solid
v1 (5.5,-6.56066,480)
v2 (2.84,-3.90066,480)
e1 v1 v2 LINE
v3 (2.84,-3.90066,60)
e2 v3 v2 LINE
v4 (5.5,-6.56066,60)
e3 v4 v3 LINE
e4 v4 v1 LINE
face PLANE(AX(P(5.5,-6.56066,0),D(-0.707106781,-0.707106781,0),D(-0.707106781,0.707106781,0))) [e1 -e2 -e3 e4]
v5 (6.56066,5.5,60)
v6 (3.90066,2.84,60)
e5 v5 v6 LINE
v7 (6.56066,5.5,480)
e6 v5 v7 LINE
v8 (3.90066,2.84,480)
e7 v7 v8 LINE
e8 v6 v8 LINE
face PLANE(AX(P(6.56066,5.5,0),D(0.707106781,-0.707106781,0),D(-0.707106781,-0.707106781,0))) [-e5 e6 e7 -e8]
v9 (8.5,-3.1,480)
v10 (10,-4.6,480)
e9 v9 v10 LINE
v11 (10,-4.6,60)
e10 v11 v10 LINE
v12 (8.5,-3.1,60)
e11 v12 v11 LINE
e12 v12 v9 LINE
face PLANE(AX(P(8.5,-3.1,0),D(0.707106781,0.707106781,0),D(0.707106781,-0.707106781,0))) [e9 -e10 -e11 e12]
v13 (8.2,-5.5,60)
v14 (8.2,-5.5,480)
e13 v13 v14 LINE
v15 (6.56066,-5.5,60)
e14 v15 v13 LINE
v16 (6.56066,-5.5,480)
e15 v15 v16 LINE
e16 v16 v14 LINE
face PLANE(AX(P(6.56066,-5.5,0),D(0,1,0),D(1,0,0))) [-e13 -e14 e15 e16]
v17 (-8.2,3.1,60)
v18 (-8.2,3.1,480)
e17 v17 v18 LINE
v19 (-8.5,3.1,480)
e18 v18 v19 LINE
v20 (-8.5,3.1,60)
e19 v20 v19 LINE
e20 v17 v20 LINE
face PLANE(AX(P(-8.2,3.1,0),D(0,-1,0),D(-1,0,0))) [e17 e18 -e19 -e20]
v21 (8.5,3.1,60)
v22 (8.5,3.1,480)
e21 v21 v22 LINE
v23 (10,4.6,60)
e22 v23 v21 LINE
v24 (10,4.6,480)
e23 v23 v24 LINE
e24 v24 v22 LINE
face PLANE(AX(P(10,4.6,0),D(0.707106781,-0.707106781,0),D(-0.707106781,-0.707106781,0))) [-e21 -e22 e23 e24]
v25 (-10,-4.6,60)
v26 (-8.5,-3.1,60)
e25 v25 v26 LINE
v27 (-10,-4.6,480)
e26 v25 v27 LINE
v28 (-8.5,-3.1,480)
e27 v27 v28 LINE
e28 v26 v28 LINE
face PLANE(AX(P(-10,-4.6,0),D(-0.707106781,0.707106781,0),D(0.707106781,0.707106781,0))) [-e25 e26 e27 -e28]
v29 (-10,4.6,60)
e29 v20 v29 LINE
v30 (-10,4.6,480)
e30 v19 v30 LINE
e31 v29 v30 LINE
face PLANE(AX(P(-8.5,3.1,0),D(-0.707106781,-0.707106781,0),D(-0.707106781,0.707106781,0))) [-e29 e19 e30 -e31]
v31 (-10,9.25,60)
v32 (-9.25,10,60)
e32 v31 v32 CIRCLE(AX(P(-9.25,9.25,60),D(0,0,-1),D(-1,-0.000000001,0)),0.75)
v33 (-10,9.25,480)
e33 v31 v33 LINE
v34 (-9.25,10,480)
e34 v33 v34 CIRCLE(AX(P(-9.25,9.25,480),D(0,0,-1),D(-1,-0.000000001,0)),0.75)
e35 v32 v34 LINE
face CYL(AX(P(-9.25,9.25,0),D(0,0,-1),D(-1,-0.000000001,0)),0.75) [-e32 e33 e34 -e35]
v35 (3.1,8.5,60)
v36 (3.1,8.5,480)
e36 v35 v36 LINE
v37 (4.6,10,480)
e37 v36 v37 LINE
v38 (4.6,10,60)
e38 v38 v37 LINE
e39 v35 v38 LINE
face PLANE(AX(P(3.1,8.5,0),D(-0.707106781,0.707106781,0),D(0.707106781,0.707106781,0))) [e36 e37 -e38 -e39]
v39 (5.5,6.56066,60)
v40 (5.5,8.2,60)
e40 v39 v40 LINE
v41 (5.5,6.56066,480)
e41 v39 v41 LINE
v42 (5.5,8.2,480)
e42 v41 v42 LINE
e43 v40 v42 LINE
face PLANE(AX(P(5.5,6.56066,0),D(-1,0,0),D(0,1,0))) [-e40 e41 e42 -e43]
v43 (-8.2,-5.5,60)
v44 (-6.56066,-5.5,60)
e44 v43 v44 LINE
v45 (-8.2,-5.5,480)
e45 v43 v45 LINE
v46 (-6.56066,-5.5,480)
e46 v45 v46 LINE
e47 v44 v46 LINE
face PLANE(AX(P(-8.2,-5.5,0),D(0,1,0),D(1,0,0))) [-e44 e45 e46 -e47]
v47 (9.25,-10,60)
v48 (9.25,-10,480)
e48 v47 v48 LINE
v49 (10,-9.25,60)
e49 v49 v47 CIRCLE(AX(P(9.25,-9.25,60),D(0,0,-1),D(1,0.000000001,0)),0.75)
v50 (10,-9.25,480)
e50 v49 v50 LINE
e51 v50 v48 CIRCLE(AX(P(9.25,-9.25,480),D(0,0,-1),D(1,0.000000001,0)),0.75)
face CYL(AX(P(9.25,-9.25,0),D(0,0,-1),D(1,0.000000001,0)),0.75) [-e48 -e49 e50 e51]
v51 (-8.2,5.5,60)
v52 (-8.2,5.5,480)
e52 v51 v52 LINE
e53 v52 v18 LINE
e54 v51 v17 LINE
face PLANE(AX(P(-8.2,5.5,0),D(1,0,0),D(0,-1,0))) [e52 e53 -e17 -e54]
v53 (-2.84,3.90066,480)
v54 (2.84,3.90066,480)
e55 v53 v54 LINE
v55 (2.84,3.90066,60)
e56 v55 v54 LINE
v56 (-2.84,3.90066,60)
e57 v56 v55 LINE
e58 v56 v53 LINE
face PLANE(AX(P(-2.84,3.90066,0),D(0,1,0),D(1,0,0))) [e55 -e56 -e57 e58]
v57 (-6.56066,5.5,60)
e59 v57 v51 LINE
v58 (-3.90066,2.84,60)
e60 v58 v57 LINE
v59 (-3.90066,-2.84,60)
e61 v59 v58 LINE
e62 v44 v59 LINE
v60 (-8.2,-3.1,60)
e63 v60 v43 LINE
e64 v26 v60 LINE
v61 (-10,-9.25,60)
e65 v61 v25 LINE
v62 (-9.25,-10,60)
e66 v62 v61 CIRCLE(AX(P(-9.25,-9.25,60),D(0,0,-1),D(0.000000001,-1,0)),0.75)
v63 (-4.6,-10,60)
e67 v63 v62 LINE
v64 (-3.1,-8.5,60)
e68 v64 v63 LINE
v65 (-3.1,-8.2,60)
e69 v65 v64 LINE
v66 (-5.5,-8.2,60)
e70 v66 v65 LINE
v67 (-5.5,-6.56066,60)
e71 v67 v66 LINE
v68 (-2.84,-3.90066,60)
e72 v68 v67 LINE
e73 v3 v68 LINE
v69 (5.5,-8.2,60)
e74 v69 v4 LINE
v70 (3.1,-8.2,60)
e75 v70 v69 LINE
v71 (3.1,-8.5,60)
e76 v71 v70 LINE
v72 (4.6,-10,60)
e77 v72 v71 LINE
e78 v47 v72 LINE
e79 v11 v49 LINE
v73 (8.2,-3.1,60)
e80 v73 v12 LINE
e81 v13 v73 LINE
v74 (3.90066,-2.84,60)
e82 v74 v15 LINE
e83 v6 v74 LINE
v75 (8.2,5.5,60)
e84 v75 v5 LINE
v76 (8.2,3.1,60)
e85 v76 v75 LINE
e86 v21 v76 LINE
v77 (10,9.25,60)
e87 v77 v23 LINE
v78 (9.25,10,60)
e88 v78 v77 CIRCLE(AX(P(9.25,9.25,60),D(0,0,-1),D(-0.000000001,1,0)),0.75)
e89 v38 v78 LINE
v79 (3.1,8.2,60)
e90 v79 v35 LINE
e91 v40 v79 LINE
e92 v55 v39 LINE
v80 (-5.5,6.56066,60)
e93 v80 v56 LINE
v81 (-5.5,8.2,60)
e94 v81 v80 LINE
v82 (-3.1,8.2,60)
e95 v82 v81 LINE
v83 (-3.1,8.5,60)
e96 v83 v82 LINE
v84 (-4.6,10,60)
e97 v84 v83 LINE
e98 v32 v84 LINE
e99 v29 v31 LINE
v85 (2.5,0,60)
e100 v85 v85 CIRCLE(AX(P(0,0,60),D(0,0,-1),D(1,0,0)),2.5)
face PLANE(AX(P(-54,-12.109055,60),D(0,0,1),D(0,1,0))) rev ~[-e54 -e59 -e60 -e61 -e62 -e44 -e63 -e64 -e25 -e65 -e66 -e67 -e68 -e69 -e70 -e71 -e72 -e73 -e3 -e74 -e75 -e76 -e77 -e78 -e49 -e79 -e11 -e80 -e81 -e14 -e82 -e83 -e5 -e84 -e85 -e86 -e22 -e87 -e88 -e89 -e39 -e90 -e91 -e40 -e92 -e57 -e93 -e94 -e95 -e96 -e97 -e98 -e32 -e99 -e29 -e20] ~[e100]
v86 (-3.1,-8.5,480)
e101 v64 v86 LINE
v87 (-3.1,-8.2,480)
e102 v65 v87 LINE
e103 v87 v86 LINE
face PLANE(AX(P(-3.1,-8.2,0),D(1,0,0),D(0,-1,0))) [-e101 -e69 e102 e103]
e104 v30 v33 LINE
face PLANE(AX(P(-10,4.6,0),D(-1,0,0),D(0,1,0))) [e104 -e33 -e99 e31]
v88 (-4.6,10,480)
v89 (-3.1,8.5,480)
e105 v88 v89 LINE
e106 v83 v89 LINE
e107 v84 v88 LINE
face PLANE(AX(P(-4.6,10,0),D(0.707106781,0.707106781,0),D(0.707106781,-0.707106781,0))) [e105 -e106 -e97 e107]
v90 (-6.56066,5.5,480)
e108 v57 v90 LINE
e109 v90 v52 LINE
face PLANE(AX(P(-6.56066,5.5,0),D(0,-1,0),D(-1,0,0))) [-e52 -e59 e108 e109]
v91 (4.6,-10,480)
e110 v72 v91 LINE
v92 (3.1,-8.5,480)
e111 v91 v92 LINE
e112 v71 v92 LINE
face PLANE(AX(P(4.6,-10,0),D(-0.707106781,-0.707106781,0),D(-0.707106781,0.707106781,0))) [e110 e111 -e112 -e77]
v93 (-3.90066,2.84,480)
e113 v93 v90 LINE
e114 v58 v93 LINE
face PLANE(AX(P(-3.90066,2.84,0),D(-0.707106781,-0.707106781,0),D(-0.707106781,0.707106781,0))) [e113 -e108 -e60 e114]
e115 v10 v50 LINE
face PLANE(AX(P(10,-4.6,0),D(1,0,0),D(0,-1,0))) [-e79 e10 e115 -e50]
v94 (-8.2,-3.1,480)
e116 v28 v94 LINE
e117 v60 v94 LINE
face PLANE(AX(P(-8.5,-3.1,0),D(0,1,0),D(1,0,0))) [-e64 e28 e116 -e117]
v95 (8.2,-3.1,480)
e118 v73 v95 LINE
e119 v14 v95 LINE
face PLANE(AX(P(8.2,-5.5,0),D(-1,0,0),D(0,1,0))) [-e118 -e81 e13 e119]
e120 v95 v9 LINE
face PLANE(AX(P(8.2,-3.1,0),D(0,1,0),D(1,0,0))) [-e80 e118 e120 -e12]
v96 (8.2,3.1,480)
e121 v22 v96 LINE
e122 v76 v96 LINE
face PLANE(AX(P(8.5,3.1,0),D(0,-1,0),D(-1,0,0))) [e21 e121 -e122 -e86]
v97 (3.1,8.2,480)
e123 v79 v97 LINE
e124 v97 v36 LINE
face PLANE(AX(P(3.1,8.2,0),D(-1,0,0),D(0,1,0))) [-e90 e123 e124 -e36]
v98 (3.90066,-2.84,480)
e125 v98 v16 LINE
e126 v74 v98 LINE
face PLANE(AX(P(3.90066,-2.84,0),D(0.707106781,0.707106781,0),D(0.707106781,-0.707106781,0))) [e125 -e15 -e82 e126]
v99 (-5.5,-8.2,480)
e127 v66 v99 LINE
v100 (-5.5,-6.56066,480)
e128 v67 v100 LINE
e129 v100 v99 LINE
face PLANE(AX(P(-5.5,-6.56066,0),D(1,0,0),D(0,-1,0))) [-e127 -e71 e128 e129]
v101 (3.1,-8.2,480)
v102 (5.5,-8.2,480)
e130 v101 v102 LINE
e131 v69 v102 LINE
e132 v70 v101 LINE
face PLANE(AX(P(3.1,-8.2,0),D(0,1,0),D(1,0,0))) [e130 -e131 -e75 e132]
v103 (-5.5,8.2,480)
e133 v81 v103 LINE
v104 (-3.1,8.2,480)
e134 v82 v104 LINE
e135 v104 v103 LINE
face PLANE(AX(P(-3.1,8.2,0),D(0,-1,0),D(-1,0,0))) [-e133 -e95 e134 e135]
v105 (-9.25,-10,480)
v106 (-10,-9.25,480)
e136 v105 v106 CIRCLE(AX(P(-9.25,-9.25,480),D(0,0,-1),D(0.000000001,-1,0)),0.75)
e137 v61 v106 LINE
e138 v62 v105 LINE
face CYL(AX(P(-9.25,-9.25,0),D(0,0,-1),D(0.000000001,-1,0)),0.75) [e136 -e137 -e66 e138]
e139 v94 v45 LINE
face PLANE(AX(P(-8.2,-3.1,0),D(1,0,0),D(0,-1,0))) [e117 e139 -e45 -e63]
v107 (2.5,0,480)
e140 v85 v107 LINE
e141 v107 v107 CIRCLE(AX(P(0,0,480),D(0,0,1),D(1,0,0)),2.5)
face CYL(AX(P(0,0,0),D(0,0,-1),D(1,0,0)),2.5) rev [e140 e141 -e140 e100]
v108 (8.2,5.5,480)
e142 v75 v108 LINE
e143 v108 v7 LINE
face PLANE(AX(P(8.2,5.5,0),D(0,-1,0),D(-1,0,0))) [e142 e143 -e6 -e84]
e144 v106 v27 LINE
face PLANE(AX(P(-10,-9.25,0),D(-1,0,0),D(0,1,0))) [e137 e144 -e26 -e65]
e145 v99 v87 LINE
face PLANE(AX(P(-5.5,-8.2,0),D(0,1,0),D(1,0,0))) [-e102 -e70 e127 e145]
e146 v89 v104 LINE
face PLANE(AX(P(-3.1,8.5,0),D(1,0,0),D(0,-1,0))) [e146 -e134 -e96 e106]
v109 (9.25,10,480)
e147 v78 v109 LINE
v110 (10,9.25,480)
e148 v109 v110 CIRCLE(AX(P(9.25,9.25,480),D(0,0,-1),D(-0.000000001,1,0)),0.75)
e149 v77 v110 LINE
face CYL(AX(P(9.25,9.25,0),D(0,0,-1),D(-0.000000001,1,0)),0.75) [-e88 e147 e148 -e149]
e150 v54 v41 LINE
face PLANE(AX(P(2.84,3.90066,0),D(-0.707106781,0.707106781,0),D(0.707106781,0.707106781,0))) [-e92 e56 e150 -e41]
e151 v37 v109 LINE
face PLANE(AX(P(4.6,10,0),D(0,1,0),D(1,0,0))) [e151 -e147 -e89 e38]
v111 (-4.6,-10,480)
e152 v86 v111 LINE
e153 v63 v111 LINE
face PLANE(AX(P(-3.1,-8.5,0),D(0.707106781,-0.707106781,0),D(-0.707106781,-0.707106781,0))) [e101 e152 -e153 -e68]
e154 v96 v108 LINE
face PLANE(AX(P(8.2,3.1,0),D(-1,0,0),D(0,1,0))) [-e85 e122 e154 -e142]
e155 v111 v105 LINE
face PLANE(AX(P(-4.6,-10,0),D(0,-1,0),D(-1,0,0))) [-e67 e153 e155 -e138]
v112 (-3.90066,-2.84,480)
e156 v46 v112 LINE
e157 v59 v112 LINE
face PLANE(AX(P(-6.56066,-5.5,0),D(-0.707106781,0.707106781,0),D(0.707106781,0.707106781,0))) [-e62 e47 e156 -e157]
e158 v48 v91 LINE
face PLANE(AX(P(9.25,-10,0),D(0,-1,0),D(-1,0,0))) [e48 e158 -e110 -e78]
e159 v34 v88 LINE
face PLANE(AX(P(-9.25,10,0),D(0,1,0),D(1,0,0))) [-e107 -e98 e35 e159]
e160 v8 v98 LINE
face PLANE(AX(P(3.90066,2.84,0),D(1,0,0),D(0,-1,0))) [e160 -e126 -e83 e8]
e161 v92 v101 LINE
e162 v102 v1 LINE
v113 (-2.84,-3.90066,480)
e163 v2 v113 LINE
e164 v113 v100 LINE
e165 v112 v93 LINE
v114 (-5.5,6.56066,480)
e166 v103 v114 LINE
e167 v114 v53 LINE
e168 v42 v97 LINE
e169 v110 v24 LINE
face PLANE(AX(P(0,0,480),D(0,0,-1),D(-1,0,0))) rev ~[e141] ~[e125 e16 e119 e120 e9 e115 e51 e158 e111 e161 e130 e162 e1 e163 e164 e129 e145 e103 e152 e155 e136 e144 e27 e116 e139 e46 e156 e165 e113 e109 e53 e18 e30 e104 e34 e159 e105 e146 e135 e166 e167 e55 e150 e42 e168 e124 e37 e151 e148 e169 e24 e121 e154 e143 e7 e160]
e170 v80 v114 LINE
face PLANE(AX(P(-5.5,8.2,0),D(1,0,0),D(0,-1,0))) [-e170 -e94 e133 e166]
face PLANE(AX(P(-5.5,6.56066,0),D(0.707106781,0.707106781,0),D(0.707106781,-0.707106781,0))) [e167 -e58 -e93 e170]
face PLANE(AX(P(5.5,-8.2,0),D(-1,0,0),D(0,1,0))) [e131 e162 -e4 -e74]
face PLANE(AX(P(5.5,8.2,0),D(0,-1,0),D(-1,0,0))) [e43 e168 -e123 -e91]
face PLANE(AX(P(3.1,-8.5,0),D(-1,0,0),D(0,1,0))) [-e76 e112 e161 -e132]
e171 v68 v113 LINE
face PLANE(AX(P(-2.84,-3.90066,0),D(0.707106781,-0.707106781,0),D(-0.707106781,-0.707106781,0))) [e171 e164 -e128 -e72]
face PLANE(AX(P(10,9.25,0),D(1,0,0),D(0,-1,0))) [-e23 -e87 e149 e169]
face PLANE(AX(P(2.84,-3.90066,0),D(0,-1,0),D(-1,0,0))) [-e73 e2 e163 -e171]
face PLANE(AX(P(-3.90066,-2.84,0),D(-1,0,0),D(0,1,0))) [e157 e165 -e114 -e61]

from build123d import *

# Parameters (mm, degrees)
CROQUIS1_R              = 2.5
SALIENTE_EXTRUIR1_DEPTH = 480
CUT_EXTRUDE1_DEPTH      = 46
CUT_EXTRUDE1_DEPTH_BACK = 54
SKETCH1_W               = 120
SKETCH1_H               = 24.218109802


with BuildPart() as part:
    # Croquis1 → Saliente-Extruir1 (new body)
    with BuildSketch(Plane.XY):
        with BuildLine():
            Line((-4.6, 10), (-3.1, 8.5))
            Line((-3.1, 8.5), (-3.1, 8.2))
            Line((-3.1, 8.2), (-5.5, 8.2))
            Line((-5.5, 8.2), (-5.5, 6.560660172))
            Line((-5.5, 6.560660172), (-2.84, 3.900660172))
            Line((-2.84, 3.900660172), (0, 3.900660172))
            Line((0, 3.900660172), (2.84, 3.900660172))
            Line((2.84, 3.900660172), (5.5, 6.560660172))
            Line((5.5, 6.560660172), (5.5, 8.2))
            Line((5.5, 8.2), (3.1, 8.2))
            Line((3.1, 8.2), (3.1, 8.5))
            Line((3.1, 8.5), (4.6, 10))
            Line((4.6, 10), (9.25, 10))
            ThreePointArc((9.25, 10), (9.780330086, 9.780330086), (10, 9.25))
            Line((10, 9.25), (10, 4.6))
            Line((10, 4.6), (8.5, 3.1))
            Line((8.5, 3.1), (8.2, 3.1))
            Line((8.2, 3.1), (8.2, 5.5))
            Line((8.2, 5.5), (6.560660172, 5.5))
            Line((6.560660172, 5.5), (3.900660172, 2.84))
            Line((3.900660172, 2.84), (3.900660172, 0))
            Line((3.900660172, 0), (3.900660172, -2.84))
            Line((3.900660172, -2.84), (6.560660172, -5.5))
            Line((6.560660172, -5.5), (8.2, -5.5))
            Line((8.2, -5.5), (8.2, -3.1))
            Line((8.2, -3.1), (8.5, -3.1))
            Line((8.5, -3.1), (10, -4.6))
            Line((10, -4.6), (10, -9.25))
            ThreePointArc((10, -9.25), (9.780330086, -9.780330086), (9.25, -10))
            Line((9.25, -10), (4.6, -10))
            Line((4.6, -10), (3.1, -8.5))
            Line((3.1, -8.5), (3.1, -8.2))
            Line((3.1, -8.2), (5.5, -8.2))
            Line((5.5, -8.2), (5.5, -6.560660172))
            Line((5.5, -6.560660172), (2.84, -3.900660172))
            Line((2.84, -3.900660172), (0, -3.900660172))
            Line((0, -3.900660172), (-2.84, -3.900660172))
            Line((-2.84, -3.900660172), (-5.5, -6.560660172))
            Line((-5.5, -6.560660172), (-5.5, -8.2))
            Line((-5.5, -8.2), (-3.1, -8.2))
            Line((-3.1, -8.2), (-3.1, -8.5))
            Line((-3.1, -8.5), (-4.6, -10))
            Line((-4.6, -10), (-9.25, -10))
            ThreePointArc((-9.25, -10), (-9.780330086, -9.780330086), (-10, -9.25))
            Line((-10, -9.25), (-10, -4.6))
            Line((-10, -4.6), (-8.5, -3.1))
            Line((-8.5, -3.1), (-8.2, -3.1))
            Line((-8.2, -3.1), (-8.2, -5.5))
            Line((-8.2, -5.5), (-6.560660172, -5.5))
            Line((-6.560660172, -5.5), (-3.900660172, -2.84))
            Line((-3.900660172, -2.84), (-3.900660172, 0))
            Line((-3.900660172, 0), (-3.900660172, 2.84))
            Line((-3.900660172, 2.84), (-6.560660172, 5.5))
            Line((-6.560660172, 5.5), (-8.2, 5.5))
            Line((-8.2, 5.5), (-8.2, 3.1))
            Line((-8.2, 3.1), (-8.5, 3.1))
            Line((-8.5, 3.1), (-10, 4.6))
            Line((-10, 4.6), (-10, 9.25))
            ThreePointArc((-10, 9.25), (-9.780330086, 9.780330086), (-9.25, 10))
            Line((-9.25, 10), (-4.6, 10))
        make_face()
        Circle(CROQUIS1_R, mode=Mode.SUBTRACT)
    extrude(amount=SALIENTE_EXTRUIR1_DEPTH)

    # Sketch1 → Cut-Extrude1 (cut, two sides: drawn at the far end of the back side and taken through both)
    with BuildSketch(Plane(origin=(0, 0, 0), x_dir=(0, 0, -1), z_dir=(1, 0, 0)).offset(-CUT_EXTRUDE1_DEPTH_BACK)):
        Rectangle(SKETCH1_W, SKETCH1_H)
    extrude(amount=CUT_EXTRUDE1_DEPTH + CUT_EXTRUDE1_DEPTH_BACK, mode=Mode.SUBTRACT)


solid = part.part
